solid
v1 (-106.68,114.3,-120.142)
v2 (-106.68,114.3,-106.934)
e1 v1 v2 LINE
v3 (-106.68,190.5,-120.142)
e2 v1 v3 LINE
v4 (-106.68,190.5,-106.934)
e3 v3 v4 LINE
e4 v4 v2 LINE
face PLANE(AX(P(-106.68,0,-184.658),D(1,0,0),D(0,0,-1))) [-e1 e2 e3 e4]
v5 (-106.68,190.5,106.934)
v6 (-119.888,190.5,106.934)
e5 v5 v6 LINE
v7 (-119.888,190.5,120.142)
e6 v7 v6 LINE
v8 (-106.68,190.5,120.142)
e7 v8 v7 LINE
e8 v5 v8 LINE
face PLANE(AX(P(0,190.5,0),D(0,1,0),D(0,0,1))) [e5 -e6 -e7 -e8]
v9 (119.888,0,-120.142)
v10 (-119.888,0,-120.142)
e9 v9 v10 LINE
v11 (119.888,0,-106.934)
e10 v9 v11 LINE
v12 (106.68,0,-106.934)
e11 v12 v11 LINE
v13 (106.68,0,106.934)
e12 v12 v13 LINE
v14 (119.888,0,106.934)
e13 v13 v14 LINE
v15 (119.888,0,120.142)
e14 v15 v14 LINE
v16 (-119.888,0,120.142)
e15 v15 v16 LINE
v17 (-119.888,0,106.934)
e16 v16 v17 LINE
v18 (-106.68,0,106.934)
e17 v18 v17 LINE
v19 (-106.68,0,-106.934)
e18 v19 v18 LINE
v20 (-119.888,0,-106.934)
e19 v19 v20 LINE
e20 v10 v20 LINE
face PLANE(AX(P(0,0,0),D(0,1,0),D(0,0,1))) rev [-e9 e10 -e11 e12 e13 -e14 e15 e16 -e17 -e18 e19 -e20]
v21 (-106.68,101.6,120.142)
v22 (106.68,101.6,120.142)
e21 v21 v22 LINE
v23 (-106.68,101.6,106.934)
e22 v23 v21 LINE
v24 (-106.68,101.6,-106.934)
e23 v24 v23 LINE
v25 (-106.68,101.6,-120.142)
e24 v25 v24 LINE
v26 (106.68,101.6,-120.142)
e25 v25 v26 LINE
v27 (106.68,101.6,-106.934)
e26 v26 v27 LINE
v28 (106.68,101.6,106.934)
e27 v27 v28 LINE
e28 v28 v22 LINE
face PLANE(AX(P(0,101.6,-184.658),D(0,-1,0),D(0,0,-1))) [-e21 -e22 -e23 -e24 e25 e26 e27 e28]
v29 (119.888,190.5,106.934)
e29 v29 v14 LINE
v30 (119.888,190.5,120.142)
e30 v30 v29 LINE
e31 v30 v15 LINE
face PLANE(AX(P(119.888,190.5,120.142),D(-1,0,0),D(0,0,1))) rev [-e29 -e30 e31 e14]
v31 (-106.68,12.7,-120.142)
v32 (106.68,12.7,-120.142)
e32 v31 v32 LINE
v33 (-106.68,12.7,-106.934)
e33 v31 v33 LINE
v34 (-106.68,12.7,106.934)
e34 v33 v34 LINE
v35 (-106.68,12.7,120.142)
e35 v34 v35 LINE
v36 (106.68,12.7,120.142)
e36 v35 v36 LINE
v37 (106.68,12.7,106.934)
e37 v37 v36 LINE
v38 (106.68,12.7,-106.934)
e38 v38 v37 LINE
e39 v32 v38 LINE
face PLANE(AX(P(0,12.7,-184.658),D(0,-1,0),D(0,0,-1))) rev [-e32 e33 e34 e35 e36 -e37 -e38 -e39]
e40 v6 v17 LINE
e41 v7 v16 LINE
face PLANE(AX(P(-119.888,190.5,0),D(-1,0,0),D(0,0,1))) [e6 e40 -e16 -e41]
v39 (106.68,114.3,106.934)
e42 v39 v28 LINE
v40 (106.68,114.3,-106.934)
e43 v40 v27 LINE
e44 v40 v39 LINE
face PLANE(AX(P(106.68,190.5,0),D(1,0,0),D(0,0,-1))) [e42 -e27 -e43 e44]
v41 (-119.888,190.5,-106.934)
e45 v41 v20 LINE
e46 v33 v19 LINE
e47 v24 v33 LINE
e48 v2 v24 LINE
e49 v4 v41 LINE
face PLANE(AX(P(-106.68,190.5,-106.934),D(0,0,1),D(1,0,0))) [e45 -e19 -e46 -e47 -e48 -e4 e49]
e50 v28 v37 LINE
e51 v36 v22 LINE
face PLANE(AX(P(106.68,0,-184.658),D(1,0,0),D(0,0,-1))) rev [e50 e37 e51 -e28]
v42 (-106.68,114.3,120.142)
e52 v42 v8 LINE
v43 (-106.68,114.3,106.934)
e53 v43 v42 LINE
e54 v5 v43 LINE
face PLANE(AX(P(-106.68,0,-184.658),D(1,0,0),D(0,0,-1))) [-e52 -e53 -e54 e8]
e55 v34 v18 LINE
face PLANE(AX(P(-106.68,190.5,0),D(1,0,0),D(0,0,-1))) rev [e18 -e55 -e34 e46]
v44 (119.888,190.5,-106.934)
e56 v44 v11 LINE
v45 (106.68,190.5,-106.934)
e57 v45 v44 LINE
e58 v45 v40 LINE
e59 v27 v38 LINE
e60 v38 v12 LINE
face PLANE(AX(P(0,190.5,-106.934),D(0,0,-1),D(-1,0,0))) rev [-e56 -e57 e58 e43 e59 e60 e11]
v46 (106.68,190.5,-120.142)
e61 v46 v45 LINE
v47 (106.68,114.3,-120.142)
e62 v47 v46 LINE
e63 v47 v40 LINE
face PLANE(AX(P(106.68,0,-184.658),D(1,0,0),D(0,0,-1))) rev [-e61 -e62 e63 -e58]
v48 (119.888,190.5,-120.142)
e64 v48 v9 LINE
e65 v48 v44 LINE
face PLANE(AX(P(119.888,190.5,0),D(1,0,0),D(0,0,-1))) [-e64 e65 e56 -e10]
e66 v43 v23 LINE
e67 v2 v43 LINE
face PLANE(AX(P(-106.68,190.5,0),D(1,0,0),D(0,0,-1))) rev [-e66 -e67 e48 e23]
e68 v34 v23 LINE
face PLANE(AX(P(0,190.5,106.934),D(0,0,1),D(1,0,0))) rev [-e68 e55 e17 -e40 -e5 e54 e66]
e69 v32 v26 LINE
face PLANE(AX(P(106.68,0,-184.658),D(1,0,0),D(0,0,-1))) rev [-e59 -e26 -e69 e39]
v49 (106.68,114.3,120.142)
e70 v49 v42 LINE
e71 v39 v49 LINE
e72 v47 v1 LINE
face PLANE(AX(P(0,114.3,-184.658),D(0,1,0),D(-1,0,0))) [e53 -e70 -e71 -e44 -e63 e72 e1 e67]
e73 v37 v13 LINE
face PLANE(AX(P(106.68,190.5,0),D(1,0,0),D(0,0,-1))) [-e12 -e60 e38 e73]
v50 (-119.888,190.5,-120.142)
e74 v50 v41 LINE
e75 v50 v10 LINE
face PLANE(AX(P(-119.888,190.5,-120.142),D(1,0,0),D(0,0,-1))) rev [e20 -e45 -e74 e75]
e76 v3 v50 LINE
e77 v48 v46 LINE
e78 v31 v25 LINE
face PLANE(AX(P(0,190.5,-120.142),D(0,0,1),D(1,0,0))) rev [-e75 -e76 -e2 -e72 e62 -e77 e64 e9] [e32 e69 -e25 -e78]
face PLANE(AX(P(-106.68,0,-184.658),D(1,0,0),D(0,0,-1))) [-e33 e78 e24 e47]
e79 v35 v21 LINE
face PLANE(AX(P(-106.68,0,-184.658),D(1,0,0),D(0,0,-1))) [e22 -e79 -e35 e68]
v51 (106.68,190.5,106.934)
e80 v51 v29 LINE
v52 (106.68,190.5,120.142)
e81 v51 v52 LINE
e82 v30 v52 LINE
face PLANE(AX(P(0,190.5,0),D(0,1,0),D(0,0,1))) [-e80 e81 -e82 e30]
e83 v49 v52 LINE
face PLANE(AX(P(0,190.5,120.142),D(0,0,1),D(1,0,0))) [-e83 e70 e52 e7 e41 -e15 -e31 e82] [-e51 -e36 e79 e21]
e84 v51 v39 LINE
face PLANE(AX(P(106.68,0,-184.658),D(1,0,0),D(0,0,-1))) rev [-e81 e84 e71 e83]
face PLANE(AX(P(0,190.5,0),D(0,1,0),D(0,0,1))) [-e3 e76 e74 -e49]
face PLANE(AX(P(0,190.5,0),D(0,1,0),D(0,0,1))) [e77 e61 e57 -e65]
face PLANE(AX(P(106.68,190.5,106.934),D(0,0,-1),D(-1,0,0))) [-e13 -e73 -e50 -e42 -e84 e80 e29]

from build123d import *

# Parameters (mm, degrees)
SKETCH1_W           = 13.208
SKETCH1_H           = 13.208
BOSS_EXTRUDE1_DEPTH = 190.5
SKETCH3_W           = 213.36
SKETCH3_H           = 88.9
SKETCH3_H_2         = 76.2
CUT_EXTRUDE2_DEPTH  = 304.8


with BuildPart() as part:
    # Sketch1 → Boss-Extrude1 (new body)
    with BuildSketch(Plane(origin=(0, 0, 0), x_dir=(1, 0, 0), z_dir=(0, 1, 0))):
        Polygon((106.68, 120.142), (0, 120.142), (0, 0), (106.68, 0), (106.68, 106.934), align=None)
        with Locations((113.284, 113.538)):
            Rectangle(SKETCH1_W, SKETCH1_H)
        Polygon((106.68, 0), (0, 0), (0, -120.142), (106.68, -120.142), (106.68, -106.934), align=None)
        Polygon((0, -120.142), (0, 0), (-106.68, 0), (-106.68, -106.934), (-106.68, -120.142), align=None)
        with Locations((-113.284, -113.538)):
            Rectangle(SKETCH1_W, SKETCH1_H)
        Polygon((0, 0), (0, 120.142), (-106.68, 120.142), (-106.68, 106.934), (-106.68, 0), align=None)
        with Locations((-113.284, 113.538)):
            Rectangle(SKETCH1_W, SKETCH1_H)
        with Locations((113.284, -113.538)):
            Rectangle(SKETCH1_W, SKETCH1_H)
    extrude(amount=BOSS_EXTRUDE1_DEPTH)

    # Sketch3 → Cut-Extrude2 (cut)
    with BuildSketch(Plane.XY.offset(120.142)):
        with Locations((0, 57.15)):
            Rectangle(SKETCH3_W, SKETCH3_H)
        with Locations((0, 152.4)):
            Rectangle(SKETCH3_W, SKETCH3_H_2)
    extrude(amount=-CUT_EXTRUDE2_DEPTH, mode=Mode.SUBTRACT)


solid = part.part
